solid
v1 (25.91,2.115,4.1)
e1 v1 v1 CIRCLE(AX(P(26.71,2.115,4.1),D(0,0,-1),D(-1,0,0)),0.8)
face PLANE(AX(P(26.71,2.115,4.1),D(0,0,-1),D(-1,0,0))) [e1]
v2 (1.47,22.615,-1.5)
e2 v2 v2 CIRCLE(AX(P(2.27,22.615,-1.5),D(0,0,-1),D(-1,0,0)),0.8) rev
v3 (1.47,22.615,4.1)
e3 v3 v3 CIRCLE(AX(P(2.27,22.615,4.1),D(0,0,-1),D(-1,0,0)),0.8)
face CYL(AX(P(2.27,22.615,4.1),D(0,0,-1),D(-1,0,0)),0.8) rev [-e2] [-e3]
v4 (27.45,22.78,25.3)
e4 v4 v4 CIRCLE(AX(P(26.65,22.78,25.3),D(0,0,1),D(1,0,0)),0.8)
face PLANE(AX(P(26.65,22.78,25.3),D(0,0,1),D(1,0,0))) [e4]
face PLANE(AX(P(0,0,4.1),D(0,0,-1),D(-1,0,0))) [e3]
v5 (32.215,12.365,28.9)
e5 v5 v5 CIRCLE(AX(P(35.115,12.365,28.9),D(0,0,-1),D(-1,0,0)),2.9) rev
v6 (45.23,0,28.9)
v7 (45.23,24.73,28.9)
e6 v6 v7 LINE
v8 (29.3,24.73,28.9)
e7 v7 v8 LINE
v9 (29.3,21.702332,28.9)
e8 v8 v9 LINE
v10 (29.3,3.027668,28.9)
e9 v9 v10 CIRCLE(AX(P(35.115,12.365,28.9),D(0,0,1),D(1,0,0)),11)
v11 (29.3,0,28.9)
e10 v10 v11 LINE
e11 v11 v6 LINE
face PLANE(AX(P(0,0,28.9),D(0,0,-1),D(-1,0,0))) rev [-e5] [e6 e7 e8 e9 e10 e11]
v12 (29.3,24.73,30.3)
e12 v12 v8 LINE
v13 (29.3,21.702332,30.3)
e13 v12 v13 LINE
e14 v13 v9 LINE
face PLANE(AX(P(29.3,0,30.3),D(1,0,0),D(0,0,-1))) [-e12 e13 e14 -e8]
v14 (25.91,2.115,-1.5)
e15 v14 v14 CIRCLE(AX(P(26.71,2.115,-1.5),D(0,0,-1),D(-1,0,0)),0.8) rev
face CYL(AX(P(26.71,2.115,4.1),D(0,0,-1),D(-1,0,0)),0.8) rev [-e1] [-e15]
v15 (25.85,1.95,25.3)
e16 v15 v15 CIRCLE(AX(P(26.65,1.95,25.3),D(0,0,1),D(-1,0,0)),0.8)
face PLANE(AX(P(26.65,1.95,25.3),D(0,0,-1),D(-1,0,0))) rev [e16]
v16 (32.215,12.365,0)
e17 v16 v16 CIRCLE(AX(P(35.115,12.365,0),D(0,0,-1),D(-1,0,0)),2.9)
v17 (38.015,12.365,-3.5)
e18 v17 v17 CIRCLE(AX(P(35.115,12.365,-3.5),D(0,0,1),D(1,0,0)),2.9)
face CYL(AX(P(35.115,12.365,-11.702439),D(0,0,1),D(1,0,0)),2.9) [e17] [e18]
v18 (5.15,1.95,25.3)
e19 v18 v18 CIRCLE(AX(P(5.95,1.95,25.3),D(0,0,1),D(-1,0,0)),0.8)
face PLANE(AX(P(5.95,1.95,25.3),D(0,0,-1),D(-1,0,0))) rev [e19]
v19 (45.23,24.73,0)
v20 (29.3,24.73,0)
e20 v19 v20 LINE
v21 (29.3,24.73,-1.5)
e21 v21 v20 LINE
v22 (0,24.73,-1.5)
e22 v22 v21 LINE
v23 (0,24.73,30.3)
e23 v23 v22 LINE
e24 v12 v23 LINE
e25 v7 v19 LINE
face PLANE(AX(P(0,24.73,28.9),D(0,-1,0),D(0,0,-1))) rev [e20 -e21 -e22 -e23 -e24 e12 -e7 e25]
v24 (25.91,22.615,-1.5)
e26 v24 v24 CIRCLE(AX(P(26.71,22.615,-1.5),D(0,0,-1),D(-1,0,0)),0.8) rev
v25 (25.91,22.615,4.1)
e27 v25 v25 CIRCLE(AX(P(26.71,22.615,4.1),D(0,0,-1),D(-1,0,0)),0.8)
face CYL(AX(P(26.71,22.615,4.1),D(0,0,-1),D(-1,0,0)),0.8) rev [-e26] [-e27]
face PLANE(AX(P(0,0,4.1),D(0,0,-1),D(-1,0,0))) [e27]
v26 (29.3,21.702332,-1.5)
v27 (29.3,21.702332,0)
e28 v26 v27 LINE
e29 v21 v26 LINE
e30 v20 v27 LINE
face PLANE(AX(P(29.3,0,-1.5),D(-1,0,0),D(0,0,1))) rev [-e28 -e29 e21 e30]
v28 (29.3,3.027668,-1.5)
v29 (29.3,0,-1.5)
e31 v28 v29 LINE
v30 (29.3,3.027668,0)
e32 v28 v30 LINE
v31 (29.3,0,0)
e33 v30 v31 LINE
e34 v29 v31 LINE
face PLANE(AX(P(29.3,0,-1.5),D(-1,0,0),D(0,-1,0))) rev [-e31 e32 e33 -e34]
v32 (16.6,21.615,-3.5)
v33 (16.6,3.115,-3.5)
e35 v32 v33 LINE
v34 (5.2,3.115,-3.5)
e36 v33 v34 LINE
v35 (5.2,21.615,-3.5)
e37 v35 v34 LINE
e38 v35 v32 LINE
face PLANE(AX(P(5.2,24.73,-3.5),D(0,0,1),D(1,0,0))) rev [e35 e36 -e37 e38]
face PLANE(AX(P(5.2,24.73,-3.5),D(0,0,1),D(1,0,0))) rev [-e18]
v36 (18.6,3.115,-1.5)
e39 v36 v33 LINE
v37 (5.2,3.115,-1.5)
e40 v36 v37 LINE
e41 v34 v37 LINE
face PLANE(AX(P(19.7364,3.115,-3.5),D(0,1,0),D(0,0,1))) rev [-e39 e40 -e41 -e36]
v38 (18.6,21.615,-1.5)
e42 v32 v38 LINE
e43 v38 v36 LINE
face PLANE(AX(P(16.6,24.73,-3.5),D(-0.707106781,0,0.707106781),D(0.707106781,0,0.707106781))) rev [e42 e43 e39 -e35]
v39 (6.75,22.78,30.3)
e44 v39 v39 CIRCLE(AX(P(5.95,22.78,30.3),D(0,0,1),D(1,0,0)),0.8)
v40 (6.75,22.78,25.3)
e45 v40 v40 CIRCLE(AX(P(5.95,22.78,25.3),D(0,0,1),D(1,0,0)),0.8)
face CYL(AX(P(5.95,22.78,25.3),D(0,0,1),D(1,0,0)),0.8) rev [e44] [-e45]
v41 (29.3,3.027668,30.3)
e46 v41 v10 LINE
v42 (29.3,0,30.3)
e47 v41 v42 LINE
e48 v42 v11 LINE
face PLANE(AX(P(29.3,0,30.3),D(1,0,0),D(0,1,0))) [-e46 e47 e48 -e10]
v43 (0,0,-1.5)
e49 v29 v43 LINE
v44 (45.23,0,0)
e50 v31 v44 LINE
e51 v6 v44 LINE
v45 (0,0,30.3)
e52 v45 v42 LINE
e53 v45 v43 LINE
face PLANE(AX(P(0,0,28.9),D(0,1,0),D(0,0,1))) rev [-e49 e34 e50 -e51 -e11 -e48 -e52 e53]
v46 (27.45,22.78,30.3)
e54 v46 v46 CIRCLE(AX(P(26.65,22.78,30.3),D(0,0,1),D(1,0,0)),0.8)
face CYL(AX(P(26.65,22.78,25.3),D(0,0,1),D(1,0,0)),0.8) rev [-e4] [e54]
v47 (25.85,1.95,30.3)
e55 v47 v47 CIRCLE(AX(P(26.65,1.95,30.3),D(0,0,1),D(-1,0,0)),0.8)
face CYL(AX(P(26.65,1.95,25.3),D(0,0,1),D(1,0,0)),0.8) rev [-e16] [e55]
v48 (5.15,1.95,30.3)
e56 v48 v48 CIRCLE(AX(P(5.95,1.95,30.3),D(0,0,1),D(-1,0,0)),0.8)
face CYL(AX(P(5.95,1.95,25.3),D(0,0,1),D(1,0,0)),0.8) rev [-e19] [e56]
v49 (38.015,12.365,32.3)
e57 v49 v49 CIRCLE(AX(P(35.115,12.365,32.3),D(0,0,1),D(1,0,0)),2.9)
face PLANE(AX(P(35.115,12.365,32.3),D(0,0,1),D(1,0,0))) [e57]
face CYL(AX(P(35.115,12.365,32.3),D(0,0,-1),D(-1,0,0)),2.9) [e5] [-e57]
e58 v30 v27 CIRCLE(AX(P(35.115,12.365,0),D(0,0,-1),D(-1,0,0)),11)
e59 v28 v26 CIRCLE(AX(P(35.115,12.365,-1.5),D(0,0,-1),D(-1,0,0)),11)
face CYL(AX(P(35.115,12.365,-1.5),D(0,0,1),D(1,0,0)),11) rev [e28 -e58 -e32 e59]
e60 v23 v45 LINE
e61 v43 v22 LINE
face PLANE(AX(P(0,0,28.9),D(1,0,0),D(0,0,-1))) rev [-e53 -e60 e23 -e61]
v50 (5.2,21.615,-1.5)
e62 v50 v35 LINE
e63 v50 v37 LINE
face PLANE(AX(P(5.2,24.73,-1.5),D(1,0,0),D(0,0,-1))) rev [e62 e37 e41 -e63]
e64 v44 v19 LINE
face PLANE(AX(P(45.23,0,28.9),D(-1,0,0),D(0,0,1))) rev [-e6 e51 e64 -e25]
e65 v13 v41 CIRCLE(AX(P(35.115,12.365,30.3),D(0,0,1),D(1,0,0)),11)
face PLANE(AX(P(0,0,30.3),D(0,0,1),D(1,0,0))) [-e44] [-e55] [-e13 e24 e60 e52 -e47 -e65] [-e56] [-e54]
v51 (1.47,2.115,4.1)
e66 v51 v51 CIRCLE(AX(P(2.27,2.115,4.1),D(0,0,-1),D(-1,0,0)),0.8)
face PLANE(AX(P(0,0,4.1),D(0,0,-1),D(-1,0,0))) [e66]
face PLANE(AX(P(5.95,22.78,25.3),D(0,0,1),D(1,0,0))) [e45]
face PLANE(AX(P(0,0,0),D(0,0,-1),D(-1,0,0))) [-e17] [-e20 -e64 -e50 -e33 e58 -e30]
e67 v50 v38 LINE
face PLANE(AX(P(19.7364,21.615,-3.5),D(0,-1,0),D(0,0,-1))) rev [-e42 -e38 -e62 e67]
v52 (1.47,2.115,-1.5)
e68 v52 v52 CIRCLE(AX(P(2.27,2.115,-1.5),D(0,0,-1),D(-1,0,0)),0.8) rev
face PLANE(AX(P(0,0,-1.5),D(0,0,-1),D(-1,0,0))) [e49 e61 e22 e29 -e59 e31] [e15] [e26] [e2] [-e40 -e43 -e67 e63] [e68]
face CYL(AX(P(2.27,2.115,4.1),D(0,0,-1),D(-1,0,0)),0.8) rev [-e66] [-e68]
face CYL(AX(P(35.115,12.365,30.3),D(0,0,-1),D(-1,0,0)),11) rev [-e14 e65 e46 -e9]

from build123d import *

# Parameters (mm, degrees)
SKETCH_1_W            = 45.23
SKETCH_1_H            = 24.73
EXTRUDE_1_DEPTH       = 28.9
SKETCH_2_R            = 2.9
EXTRUDE_2_DEPTH       = 3.4
EXTRUDE_3_DEPTH       = 1.4
SKETCH_4_R            = 0.8
CUT_EXTRUDE_1_DEPTH   = 5
SKETCH_6_R            = 0.8
CUT_EXTRUDE_2_DEPTH   = 4.1
EXTRUDE_START         = 1.5
SKETCH_7_R            = 0.8
EXTRUDE_5_DEPTH       = 1.5
EXTRUDE_6_DEPTH       = 24.73
EXTRUDE_START_2       = 3.5
SKETCH_5_R            = 2.9
EXTRUDE_4_DEPTH       = 3.5
SKETCH_11_W           = 39.736399629
SKETCH_11_H           = 38.5
SKETCH_11_W_2         = 19.736399629
SKETCH_11_H_2         = 18.5
CUT_EXTRUDE_1_2_DEPTH = 62.642240388


with BuildPart() as part:
    # 草图1 → 凸台-拉伸1 (new body)
    with BuildSketch(Plane.XY):
        with Locations((22.615, 12.365)):
            Rectangle(SKETCH_1_W, SKETCH_1_H)
    extrude(amount=EXTRUDE_1_DEPTH)

    # 草图2 → 凸台-拉伸2 (add)
    with BuildSketch(Plane.XY.offset(28.9)):
        with Locations(Location((35.115, 12.365, 0), (0, 0, 180))):
            Circle(SKETCH_2_R)
    extrude(amount=EXTRUDE_2_DEPTH)

    # 草图3 → 凸台-拉伸3 (add)
    with BuildSketch(Plane.XY.offset(28.9)):
        with BuildLine():
            Line((29.3, 21.702332328), (29.3, 24.73))
            Line((29.3, 24.73), (0, 24.73))
            Line((0, 24.73), (0, 0))
            Line((0, 0), (29.3, 0))
            Line((29.3, 0), (29.3, 3.027667672))
            ThreePointArc((29.3, 3.027667672), (24.115, 12.365), (29.3, 21.702332328))
        make_face()
    extrude(amount=EXTRUDE_3_DEPTH)

    # 草图4 → Cut-Extrude 1 (cut)
    with BuildSketch(Plane.XY.offset(30.3)):
        with Locations((5.95, 22.78)):
            Circle(SKETCH_4_R)
        with Locations((26.65, 22.78)):
            Circle(SKETCH_4_R)
        with Locations(Location((26.65, 1.95, 0), (0, 0, 180))):
            Circle(SKETCH_4_R)
        with Locations(Location((5.95, 1.95, 0), (0, 0, 180))):
            Circle(SKETCH_4_R)
    extrude(amount=-CUT_EXTRUDE_1_DEPTH, mode=Mode.SUBTRACT)

    # 草图6 → 切除-拉伸2 (cut)
    with BuildSketch(Plane(origin=(0, 0, 0), x_dir=(-1, 0, 0), z_dir=(0, 0, -1))):
        with Locations((-26.71, 22.615)):
            Circle(SKETCH_6_R)
        with Locations((-2.27, 22.615)):
            Circle(SKETCH_6_R)
        with Locations((-2.27, 2.115)):
            Circle(SKETCH_6_R)
        with Locations((-26.71, 2.115)):
            Circle(SKETCH_6_R)
    extrude(amount=-CUT_EXTRUDE_2_DEPTH, mode=Mode.SUBTRACT)

    # 草图7 → 凸台-拉伸5 (add)
    with BuildSketch(Plane(origin=(0, 0, 0), x_dir=(-1, 0, 0), z_dir=(0, 0, -1)).offset(EXTRUDE_START)):
        with BuildLine():
            Line((0, 24.73), (-29.3, 24.73))
            Line((-29.3, 24.73), (-29.3, 21.702332328))
            ThreePointArc((-29.3, 21.702332328), (-24.115, 12.365), (-29.3, 3.027667672))
            Line((-29.3, 3.027667672), (-29.3, 0))
            Line((-29.3, 0), (0, 0))
            Line((0, 0), (0, 24.73))
        make_face()
        with Locations((-26.71, 2.115)):
            Circle(SKETCH_7_R, mode=Mode.SUBTRACT)
        with Locations((-2.27, 2.115)):
            Circle(SKETCH_7_R, mode=Mode.SUBTRACT)
        with Locations((-26.71, 22.615)):
            Circle(SKETCH_7_R, mode=Mode.SUBTRACT)
        with Locations((-2.27, 22.615)):
            Circle(SKETCH_7_R, mode=Mode.SUBTRACT)
    extrude(amount=-EXTRUDE_5_DEPTH)

    # 草图10 → 凸台-拉伸6 (add, through all)
    with BuildSketch(Plane(origin=(0, 0, 0), x_dir=(1, 0, 0), z_dir=(0, 1, 0))):
        Polygon((5.2, 1.5), (5.2, 3.5), (16.6, 3.5), (18.6, 1.5), align=None)
    extrude(amount=EXTRUDE_6_DEPTH)

    # 草图5 → 凸台-拉伸4 (add)
    with BuildSketch(Plane(origin=(0, 0, 0), x_dir=(-1, 0, 0), z_dir=(0, 0, -1)).offset(EXTRUDE_START_2)):
        with Locations((-35.115, 12.365)):
            Circle(SKETCH_5_R)
    extrude(amount=-EXTRUDE_4_DEPTH)

    # 草图11 → Cut-Extrude 1 2 (cut, through all)
    with BuildSketch(Plane(origin=(0, 0, -1.5), x_dir=(-1, 0, 0), z_dir=(0, 0, -1))):
        with Locations((-9.868199815, 12.365)):
            Rectangle(SKETCH_11_W, SKETCH_11_H)
        with Locations((-9.868199815, 12.365)):
            Rectangle(SKETCH_11_W_2, SKETCH_11_H_2, mode=Mode.SUBTRACT)
    extrude(amount=CUT_EXTRUDE_1_2_DEPTH, mode=Mode.SUBTRACT)


solid = part.part
